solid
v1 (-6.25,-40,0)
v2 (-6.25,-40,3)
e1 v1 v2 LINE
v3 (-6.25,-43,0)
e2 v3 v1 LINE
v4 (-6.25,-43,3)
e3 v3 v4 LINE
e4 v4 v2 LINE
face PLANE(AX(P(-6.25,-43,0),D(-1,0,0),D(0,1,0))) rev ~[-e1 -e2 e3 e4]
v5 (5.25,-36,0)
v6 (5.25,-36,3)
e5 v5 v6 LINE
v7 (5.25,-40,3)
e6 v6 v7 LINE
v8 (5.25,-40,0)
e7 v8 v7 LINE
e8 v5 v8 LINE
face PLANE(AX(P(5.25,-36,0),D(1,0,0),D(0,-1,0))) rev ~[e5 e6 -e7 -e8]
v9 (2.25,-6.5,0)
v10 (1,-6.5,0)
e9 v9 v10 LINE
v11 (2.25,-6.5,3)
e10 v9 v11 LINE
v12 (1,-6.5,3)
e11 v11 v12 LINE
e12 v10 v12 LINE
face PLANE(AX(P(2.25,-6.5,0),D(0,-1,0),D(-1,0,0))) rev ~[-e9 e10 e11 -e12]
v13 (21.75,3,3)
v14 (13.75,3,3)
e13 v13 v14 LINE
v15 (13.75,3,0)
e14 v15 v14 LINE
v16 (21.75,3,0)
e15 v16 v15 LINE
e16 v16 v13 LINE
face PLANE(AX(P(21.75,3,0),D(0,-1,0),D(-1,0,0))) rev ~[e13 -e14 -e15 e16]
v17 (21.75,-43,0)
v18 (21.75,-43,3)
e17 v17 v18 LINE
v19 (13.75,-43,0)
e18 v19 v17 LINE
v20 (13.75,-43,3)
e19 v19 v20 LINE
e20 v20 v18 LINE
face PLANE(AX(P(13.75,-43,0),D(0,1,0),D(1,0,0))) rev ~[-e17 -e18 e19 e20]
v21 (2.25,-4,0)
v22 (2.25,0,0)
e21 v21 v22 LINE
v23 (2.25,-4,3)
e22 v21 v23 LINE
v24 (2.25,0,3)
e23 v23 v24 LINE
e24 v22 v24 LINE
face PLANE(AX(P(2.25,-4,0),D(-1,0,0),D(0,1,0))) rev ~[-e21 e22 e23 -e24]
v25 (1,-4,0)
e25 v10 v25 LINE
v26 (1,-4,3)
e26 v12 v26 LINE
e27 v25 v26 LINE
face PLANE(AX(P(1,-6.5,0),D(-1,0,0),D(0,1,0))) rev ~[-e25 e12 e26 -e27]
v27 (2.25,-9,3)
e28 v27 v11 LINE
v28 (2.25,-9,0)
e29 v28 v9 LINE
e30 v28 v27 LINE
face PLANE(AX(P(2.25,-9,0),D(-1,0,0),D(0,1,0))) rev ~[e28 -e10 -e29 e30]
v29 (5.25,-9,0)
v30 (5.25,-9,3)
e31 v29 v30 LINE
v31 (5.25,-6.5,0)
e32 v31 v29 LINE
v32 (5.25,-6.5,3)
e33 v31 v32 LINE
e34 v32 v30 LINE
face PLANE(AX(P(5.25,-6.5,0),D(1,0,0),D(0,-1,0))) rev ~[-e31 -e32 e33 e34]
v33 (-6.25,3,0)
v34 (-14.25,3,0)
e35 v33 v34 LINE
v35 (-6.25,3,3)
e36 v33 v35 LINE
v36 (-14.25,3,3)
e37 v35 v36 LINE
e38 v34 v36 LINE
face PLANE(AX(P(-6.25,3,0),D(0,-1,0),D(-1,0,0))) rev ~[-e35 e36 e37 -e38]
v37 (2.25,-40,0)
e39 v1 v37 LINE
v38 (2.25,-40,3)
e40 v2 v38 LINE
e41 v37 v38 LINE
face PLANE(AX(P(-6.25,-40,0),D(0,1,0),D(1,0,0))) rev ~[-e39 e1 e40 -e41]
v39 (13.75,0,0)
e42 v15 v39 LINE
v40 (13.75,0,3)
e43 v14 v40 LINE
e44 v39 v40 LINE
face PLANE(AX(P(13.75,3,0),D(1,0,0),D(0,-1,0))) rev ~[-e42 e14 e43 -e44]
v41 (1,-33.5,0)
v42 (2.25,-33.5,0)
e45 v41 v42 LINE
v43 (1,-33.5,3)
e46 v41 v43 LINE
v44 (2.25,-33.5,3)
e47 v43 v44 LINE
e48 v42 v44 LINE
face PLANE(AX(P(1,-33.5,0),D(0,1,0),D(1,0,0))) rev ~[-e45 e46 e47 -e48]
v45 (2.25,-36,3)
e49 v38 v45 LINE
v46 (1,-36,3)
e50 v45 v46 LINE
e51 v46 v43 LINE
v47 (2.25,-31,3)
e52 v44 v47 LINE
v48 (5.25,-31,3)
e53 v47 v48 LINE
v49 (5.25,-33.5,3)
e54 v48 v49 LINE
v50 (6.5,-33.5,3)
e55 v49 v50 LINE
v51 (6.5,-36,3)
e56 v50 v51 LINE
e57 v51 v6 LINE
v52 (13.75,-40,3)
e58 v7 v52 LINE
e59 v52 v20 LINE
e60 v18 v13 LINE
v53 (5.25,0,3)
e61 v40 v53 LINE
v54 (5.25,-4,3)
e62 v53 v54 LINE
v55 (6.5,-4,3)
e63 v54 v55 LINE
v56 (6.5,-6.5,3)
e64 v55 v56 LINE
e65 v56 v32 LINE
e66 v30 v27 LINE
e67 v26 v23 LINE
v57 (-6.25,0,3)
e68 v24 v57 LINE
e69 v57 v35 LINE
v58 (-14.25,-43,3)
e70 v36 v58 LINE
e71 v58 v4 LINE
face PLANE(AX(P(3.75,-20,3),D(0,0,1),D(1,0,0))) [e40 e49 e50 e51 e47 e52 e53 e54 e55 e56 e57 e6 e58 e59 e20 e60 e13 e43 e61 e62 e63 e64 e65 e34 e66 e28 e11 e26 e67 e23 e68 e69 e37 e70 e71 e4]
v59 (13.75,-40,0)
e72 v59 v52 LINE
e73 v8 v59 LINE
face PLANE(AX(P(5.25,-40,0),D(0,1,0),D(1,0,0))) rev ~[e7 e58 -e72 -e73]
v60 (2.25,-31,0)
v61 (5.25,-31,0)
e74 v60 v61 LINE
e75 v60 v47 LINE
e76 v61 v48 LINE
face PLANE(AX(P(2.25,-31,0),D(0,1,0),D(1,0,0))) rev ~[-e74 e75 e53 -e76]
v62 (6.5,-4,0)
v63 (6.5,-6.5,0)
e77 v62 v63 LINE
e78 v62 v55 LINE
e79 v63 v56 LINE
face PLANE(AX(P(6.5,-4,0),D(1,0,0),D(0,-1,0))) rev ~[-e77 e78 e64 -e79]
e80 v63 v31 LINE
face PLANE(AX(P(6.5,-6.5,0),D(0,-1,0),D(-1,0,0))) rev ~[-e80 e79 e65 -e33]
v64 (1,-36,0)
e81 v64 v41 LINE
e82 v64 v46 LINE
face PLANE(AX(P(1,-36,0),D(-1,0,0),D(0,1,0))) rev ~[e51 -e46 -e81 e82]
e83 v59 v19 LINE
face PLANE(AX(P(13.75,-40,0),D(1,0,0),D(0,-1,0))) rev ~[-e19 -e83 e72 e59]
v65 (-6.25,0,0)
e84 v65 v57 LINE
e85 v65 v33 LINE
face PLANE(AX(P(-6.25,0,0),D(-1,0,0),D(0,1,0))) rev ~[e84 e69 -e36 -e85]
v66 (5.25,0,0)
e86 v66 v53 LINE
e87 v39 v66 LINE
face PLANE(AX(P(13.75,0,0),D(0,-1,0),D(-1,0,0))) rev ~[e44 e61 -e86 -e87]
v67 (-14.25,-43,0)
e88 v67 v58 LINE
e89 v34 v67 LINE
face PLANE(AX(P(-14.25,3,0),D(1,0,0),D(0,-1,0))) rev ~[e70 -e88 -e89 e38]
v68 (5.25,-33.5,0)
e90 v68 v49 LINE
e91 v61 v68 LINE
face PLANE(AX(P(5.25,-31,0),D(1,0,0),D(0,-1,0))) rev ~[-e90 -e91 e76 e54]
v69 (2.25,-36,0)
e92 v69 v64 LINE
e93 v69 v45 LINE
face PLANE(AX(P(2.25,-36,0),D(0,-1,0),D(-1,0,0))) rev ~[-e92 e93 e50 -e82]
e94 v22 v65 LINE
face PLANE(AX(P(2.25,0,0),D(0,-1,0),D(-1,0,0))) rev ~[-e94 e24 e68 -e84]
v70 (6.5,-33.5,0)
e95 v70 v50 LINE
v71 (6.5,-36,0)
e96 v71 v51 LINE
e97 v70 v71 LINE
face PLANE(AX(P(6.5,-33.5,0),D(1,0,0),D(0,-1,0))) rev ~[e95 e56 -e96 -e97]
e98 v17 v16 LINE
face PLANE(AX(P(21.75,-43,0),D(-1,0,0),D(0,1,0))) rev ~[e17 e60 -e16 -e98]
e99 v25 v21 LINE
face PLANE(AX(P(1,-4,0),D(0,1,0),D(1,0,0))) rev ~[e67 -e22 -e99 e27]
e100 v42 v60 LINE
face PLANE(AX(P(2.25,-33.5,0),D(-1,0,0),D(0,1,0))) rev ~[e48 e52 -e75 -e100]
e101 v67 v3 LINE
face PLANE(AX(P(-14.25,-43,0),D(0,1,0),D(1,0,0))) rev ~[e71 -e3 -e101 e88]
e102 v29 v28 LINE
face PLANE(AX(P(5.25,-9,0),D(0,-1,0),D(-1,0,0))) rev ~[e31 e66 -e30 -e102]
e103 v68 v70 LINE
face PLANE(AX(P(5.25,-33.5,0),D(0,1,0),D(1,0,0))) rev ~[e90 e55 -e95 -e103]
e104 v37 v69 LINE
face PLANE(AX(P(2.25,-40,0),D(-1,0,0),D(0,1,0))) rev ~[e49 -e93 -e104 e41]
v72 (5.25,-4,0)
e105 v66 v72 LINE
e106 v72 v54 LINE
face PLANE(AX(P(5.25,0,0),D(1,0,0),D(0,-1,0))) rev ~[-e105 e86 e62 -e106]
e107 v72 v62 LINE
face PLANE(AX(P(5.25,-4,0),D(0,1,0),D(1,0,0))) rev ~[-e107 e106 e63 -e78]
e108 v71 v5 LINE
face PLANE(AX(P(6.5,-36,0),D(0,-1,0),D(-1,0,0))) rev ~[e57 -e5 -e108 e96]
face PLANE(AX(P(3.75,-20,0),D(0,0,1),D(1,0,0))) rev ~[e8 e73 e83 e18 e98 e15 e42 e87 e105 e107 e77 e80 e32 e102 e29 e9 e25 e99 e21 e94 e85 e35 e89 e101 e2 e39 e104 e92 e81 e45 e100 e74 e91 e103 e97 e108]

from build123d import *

# Parameters (mm, degrees)
RESSALTO_EXTRUS_O1_DEPTH = 3


with BuildPart() as part:
    # Esboço1 → Ressalto-extrusão1 (new body)
    with BuildSketch(Plane.XY):
        Polygon((2.25, 0), (-6.25, 0), (-6.25, 2), (-6.25, 3), (-14.25, 3), (-14.25, 2), (-14.25, -42), (-14.25, -43), (-6.25, -43), (-6.25, -42), (-6.25, -40), (2.25, -40), (2.25, -36), (1, -36), (1, -33.5), (2.25, -33.5), (2.25, -31), (5.25, -31), (5.25, -33.5), (6.5, -33.5), (6.5, -36), (5.25, -36), (5.25, -40), (13.75, -40), (13.75, -42), (13.75, -43), (21.75, -43), (21.75, -42), (21.75, 2), (21.75, 3), (13.75, 3), (13.75, 2), (13.75, 0), (5.25, 0), (5.25, -4), (6.5, -4), (6.5, -6.5), (5.25, -6.5), (5.25, -9), (2.25, -9), (2.25, -6.5), (1, -6.5), (1, -4), (2.25, -4), align=None)
    extrude(amount=RESSALTO_EXTRUS_O1_DEPTH)


solid = part.part
